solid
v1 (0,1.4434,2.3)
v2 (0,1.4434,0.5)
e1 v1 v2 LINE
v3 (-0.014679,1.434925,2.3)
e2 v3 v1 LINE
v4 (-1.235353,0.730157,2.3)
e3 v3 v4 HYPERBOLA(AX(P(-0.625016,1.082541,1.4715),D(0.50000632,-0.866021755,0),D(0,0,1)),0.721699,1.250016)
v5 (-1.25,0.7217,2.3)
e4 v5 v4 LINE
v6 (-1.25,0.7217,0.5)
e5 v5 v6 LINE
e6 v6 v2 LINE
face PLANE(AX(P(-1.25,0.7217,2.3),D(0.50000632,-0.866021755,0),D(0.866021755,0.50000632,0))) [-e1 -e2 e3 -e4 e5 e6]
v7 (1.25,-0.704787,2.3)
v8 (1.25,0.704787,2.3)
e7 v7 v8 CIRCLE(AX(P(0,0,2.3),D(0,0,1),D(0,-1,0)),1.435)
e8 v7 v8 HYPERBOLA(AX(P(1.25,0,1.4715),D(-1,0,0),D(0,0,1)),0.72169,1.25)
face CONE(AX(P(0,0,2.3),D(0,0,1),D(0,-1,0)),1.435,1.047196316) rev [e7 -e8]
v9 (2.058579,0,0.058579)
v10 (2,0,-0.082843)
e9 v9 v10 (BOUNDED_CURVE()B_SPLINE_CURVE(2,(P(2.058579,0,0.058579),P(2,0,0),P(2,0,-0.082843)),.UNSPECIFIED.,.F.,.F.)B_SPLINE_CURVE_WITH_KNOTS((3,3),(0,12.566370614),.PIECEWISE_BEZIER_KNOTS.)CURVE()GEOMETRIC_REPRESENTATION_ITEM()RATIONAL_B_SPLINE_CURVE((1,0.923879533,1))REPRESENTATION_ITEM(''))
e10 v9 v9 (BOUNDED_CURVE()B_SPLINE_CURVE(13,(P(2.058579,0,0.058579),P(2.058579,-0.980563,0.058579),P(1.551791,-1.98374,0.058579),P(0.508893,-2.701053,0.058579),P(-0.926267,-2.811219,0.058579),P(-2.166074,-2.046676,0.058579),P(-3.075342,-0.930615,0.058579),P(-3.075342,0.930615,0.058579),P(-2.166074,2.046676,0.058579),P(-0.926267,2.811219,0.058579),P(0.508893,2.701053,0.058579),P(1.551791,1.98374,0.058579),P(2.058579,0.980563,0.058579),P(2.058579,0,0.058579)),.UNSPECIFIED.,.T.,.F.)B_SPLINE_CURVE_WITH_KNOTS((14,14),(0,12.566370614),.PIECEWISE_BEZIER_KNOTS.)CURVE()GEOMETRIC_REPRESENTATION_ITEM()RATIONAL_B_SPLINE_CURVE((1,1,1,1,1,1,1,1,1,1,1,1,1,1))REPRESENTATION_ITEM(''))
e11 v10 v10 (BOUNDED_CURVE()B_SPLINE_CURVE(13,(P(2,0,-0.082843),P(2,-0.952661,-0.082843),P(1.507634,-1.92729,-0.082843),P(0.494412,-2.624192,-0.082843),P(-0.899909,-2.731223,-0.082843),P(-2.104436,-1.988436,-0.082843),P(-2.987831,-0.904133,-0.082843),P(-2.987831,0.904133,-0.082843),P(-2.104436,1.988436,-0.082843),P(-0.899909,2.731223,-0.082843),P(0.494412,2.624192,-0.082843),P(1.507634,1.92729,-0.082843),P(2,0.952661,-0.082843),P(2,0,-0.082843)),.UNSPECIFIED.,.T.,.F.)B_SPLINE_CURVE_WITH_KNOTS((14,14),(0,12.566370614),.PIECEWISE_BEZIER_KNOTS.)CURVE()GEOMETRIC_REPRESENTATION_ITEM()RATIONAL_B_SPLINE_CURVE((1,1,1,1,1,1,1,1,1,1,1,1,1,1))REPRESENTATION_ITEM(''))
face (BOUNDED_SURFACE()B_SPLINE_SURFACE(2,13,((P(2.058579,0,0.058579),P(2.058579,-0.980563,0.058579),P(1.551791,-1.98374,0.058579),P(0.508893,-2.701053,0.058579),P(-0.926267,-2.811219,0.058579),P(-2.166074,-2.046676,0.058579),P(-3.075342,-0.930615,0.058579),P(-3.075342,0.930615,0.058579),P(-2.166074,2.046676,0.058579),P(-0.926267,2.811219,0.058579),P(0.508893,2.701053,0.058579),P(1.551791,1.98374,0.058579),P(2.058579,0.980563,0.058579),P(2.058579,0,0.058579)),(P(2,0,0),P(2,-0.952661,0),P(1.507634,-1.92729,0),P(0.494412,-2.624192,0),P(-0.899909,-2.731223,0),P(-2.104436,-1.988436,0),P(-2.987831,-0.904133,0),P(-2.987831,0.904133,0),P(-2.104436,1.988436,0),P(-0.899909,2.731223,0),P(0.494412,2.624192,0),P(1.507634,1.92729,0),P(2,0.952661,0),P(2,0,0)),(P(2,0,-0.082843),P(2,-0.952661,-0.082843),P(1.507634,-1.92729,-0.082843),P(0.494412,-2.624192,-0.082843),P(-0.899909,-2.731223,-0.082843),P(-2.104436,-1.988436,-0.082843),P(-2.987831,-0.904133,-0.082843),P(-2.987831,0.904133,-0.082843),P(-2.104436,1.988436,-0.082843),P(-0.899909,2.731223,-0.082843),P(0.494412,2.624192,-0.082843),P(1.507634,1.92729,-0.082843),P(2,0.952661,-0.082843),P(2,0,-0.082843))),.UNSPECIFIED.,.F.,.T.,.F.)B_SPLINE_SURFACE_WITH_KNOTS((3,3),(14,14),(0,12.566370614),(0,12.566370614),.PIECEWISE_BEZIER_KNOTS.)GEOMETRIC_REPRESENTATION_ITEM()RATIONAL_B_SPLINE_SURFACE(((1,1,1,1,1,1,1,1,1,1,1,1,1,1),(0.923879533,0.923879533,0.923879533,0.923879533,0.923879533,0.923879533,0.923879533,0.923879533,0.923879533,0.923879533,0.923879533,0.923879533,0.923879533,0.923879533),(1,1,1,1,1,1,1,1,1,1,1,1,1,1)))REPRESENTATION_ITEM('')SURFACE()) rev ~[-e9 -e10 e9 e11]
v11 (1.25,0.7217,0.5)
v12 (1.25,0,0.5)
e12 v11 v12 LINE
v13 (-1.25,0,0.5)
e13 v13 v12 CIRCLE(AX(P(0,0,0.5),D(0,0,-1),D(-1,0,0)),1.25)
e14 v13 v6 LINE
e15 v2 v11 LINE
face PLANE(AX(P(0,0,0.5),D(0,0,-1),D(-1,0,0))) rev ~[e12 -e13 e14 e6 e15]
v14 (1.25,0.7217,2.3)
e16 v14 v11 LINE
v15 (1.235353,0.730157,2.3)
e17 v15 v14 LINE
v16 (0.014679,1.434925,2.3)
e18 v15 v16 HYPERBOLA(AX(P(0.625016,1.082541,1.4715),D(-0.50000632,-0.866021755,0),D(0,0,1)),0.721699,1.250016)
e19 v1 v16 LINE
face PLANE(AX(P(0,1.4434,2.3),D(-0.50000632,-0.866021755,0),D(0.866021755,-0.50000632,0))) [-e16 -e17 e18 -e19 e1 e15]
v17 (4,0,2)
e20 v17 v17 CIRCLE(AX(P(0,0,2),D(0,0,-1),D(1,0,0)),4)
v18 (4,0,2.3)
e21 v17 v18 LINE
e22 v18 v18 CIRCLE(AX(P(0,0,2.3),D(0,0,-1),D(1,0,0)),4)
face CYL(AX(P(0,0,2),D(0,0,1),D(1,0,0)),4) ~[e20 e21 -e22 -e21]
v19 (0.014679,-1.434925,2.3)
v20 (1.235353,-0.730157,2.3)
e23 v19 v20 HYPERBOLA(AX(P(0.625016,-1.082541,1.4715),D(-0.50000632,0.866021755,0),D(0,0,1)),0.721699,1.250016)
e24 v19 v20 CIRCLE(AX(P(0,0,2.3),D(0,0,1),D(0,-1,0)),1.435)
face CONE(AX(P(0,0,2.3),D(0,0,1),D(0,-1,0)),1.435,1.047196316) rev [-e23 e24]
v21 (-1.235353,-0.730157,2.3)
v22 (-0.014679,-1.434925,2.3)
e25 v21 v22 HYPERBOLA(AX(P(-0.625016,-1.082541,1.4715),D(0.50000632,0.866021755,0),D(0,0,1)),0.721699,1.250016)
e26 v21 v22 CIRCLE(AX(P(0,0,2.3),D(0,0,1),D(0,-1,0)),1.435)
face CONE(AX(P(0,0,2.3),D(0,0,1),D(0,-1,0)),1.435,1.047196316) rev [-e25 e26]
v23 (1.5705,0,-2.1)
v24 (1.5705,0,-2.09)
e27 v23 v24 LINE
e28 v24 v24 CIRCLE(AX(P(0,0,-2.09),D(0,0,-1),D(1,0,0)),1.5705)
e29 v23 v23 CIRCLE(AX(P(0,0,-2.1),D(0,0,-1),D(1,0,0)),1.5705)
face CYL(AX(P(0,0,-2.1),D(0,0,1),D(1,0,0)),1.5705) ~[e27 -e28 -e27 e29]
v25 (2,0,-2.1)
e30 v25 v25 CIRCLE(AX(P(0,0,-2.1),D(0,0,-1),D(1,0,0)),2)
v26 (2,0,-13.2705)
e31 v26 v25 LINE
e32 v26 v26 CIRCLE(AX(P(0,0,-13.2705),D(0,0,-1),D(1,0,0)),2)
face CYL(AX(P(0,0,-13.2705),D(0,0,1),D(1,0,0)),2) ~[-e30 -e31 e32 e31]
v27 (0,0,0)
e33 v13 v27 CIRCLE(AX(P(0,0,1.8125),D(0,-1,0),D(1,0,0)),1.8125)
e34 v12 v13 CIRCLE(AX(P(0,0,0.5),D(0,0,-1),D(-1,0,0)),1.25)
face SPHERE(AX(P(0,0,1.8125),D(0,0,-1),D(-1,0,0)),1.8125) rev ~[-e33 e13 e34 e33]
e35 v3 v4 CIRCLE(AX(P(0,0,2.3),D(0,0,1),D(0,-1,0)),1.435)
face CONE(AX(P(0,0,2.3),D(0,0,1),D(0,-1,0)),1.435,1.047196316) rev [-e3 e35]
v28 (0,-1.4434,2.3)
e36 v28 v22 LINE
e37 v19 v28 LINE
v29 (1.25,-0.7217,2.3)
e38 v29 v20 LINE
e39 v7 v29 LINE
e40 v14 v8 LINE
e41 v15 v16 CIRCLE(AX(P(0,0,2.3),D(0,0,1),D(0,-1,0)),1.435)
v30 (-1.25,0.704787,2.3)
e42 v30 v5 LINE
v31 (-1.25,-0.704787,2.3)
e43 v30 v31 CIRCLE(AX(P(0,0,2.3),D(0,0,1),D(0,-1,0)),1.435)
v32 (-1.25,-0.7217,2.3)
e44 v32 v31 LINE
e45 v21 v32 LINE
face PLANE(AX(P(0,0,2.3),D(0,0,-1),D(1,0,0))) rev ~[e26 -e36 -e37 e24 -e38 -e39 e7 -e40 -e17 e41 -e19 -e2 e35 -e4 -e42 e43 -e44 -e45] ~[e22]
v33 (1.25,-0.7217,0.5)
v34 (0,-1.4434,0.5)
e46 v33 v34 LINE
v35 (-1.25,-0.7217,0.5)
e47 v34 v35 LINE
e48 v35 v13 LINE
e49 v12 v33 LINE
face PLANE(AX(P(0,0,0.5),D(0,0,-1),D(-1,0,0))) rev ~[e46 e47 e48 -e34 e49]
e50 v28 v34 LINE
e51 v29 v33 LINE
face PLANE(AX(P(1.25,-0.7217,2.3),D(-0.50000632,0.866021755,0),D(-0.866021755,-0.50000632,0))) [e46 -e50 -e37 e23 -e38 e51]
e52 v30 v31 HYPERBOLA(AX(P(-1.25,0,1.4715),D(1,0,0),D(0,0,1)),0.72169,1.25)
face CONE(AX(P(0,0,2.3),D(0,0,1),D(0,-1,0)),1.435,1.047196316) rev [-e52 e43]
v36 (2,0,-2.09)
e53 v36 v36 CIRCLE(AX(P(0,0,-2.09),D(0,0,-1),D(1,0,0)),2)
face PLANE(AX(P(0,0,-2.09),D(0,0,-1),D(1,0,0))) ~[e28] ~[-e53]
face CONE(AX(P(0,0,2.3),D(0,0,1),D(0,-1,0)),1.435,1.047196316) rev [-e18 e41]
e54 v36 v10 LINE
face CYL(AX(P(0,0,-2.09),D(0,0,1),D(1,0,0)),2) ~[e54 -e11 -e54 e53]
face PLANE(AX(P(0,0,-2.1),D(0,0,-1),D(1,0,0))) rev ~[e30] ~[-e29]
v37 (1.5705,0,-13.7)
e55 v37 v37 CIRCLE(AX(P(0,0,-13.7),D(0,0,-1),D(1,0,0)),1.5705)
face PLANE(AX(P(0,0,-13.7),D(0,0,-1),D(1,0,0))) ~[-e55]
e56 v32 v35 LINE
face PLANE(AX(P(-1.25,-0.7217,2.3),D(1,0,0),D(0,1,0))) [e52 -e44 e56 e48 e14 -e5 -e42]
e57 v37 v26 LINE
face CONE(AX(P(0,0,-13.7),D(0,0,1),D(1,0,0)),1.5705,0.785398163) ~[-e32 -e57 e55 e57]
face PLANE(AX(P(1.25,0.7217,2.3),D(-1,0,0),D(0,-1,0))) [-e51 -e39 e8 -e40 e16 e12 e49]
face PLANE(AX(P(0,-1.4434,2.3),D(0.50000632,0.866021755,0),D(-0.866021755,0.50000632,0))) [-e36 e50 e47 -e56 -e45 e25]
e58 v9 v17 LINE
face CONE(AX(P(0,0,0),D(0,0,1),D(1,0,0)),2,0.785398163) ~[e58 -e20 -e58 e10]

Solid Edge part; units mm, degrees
sketch "Sketch1" plane through (0, 0, 0) normal (0, -1, 0) x (1, 0, 0)
  line L0 (2, 0) -> (4, 2)
  line L1 (4, 2) -> (4, 2.3)
  line L2 (4, 2.3) -> (0, 2.3)
  line L3 (0, 2.3) -> (0, -13.7)
  line L4 (0, -13.7) -> (1.5705, -13.7)
  line L5 (1.5705, -13.7) -> (2, -13.2705)
  line L6 (2, -13.2705) -> (2, -2.1)
  line L7 (2, -2.1) -> (1.5705, -2.1)
  line L8 (1.5705, -2.1) -> (1.5705, -2.09)
  line L9 (1.5705, -2.09) -> (2, -2.09)
  line L10 (2, -2.09) -> (2, 0)
  dimension "D1" = 16
  dimension "D2" = 4
  dimension "D3" = 2.3
  dimension "D4" = 0.01
  dimension "D5" = 1.5705
  dimension "D6" = 4.4
  dimension "D7" = 0.3
revolve "RevolvedProtrusion1" add sketch "Sketch1" angle 360 about axis through (0, 0, 54) along (0, 0, -1)
sketch "Sketch2" plane through (0, 0, 0) normal (0, -1, 0) x (1, 0, 0)
  arc A0 (-1.25, 0.5) -> (0, 0) centre (0, 1.8125) ccw
  line L0 (0, 0.5) -> (0, 0)
  line L1 (-1.25, 0.5) -> (0, 0.5)
  dimension "D1" = 14.2
revolve "RevolvedCutout1" cut sketch "Sketch2" angle 360 about axis through (0, 0, 54) along (0, 0, -1)
sketch "Sketch3" plane through (0, 0, 2.3) normal (0, 0, 1) x (0, -1, 0)
  line L0 (-1.4434, 0) -> (-0.7217, 1.25)
  line L1 (-0.7217, 1.25) -> (0.7217, 1.25)
  line L2 (0.7217, 1.25) -> (1.4434, 0)
  line L3 (1.4434, 0) -> (0.7217, -1.25)
  line L4 (0.7217, -1.25) -> (-0.7217, -1.25)
  line L5 (-0.7217, -1.25) -> (-1.4434, 0)
  dimension "D1" = 2.5
extrude "Cutout1" cut sketch "Sketch3" against normal blind 1.8
cosmetic_thread "Thread1" size "M4"
sketch "Sketch4" plane through (0, 0, 0) normal (1, 0, 0) x (0, 1, 0)
  line L0 (-1.435, 2.3) -> (0, 1.4715)
revolve "RevolvedCutout2" cut sketch "Sketch4" angle 360 about axis through (0, 0, -57) along (0, 0, 1) material side at (0, -0.6925, 1.9291)
fillet "Round1" radius 0.2 1 edges at (-2, 0, 0)
properties material "Stahl"
